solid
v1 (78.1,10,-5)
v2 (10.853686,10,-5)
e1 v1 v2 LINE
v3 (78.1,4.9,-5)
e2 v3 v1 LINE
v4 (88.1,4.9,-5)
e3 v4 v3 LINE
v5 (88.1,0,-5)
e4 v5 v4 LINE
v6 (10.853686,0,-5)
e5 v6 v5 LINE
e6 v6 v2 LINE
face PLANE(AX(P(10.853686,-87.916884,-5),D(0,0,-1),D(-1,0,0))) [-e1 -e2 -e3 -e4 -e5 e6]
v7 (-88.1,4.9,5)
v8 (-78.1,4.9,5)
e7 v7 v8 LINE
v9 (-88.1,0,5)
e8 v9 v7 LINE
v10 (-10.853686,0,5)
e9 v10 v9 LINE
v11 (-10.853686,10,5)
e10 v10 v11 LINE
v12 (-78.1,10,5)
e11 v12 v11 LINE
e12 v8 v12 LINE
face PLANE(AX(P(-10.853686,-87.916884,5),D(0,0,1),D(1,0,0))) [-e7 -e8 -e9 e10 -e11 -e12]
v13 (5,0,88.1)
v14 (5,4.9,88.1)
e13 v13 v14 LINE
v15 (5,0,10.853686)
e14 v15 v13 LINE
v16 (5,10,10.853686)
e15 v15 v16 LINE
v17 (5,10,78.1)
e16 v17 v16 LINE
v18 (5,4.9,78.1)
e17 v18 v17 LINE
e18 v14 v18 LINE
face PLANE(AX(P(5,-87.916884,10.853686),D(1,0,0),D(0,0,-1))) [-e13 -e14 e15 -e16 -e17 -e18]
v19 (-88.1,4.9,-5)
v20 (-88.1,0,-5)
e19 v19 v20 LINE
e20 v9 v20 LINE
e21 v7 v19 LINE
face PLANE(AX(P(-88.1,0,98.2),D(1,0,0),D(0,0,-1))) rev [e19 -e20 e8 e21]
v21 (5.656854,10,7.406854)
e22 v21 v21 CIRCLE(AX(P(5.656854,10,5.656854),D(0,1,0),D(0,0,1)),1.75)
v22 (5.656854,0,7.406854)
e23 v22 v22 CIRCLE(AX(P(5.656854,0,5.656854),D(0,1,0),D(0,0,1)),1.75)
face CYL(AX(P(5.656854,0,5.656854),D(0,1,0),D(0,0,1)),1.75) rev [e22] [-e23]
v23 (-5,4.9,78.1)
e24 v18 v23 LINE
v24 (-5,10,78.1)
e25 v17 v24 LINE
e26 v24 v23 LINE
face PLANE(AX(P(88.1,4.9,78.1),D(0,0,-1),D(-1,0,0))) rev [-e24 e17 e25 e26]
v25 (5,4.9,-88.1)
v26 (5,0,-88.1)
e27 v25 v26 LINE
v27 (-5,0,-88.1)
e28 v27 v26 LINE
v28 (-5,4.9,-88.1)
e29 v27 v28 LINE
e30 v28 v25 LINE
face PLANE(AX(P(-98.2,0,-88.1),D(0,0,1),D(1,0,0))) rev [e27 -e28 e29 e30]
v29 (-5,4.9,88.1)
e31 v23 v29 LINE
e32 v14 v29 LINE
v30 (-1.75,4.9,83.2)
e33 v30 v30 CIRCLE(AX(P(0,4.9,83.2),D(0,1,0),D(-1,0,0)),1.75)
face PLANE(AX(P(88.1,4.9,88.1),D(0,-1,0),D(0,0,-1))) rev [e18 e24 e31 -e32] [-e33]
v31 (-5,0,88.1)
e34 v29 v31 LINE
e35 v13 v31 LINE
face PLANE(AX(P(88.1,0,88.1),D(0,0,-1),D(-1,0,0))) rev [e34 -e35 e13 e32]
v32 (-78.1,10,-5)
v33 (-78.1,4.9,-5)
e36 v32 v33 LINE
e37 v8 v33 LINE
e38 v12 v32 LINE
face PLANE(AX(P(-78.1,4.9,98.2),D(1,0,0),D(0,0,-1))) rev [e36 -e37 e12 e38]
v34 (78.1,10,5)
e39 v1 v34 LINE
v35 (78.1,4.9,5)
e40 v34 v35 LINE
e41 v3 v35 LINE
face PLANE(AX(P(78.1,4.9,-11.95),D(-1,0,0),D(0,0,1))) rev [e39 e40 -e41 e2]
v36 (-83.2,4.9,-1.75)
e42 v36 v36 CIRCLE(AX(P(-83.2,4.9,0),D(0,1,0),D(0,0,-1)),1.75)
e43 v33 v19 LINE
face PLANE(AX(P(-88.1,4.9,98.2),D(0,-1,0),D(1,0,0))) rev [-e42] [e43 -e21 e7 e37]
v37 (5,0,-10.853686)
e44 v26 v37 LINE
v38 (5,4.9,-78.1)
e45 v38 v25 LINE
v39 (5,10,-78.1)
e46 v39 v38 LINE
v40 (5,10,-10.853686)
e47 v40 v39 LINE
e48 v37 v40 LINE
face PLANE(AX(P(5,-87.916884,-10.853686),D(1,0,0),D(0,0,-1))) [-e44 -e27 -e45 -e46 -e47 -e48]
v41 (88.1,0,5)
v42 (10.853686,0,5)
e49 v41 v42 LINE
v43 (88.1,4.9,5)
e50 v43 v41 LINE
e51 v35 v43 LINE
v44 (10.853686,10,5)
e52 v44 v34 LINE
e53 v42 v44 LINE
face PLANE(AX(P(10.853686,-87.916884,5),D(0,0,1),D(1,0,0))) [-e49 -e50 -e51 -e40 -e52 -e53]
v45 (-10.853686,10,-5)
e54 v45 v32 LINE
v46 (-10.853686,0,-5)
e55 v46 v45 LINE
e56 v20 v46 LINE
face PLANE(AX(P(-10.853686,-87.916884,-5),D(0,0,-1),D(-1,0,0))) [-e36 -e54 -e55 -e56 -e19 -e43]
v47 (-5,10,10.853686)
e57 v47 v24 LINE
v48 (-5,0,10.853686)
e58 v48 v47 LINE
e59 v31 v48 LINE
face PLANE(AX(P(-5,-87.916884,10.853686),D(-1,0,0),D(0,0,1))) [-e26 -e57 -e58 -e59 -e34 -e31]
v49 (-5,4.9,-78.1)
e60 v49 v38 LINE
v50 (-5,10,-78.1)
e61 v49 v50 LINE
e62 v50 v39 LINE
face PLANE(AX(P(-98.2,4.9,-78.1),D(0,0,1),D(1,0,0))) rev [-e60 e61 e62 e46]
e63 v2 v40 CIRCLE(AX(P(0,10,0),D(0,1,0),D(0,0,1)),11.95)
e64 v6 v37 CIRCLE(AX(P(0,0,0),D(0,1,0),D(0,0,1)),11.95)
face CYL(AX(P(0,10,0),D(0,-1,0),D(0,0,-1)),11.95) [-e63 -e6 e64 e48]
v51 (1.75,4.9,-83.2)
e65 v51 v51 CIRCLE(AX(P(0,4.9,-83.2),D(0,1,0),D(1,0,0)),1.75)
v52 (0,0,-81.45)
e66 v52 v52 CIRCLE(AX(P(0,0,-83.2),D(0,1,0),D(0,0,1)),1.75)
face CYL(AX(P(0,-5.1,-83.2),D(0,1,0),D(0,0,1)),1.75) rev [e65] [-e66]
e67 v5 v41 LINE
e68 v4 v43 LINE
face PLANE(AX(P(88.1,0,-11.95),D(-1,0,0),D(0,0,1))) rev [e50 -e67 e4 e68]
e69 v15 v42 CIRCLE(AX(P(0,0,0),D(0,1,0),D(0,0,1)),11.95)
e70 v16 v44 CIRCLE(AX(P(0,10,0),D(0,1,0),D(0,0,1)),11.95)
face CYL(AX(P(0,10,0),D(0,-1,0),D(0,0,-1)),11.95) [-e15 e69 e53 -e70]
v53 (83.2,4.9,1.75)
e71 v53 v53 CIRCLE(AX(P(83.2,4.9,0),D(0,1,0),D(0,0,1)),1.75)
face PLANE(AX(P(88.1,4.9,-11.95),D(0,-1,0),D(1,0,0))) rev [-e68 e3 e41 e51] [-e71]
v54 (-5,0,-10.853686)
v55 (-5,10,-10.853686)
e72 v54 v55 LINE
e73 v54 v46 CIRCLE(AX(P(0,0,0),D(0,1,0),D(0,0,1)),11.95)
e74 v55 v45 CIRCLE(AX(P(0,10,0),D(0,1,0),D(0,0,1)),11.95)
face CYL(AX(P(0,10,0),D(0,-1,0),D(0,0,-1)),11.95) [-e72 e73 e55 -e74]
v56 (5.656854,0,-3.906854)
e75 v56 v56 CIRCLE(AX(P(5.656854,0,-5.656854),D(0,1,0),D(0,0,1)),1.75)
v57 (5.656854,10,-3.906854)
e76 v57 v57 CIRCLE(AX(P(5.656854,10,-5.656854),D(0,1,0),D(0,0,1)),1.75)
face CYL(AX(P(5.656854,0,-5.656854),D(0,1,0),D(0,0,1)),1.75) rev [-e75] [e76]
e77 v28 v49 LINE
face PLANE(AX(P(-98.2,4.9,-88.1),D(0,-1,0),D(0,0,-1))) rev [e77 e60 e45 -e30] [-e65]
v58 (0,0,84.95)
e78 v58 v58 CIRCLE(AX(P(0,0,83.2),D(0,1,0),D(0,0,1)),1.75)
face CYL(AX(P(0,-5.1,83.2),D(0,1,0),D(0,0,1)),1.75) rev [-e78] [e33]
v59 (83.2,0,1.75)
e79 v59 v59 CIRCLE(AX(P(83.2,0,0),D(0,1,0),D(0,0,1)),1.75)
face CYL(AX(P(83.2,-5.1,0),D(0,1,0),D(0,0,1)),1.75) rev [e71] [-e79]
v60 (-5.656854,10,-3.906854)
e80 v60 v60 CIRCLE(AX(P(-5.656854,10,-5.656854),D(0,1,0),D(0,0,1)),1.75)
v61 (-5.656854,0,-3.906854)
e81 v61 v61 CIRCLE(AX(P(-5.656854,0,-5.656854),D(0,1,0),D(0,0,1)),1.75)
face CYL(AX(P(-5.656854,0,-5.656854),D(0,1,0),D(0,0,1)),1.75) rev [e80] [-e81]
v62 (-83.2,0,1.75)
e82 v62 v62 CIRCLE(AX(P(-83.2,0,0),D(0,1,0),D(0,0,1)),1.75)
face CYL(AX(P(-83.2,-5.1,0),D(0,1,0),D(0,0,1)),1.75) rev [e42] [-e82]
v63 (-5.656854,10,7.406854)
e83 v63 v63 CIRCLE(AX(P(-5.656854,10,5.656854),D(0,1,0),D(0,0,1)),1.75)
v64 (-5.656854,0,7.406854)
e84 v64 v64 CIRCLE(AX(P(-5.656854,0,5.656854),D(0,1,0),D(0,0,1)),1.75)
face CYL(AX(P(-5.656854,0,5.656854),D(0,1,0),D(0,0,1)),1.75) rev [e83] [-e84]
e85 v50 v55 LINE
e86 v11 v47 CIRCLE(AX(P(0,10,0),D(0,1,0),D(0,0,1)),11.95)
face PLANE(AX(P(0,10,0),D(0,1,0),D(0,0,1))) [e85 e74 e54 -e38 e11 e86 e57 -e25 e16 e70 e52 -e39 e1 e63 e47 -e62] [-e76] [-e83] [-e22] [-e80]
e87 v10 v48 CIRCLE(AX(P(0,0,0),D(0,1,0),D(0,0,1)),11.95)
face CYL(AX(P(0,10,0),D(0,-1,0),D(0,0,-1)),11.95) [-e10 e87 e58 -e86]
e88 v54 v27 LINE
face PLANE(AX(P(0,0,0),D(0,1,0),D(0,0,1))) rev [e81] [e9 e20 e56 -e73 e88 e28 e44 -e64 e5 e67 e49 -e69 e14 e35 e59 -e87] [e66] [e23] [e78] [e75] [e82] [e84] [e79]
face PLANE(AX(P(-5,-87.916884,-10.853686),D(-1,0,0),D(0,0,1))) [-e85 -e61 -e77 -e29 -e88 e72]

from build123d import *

# Parameters (mm, degrees)
SKETCH1_R           = 11.95
BOSS_EXTRUDE1_DEPTH = 10
BOSS_EXTRUDE2_DEPTH = 10
CUT_EXTRUDE2_DEPTH  = 17.95
SKETCH6_R           = 1.75
CUT_EXTRUDE4_DEPTH  = 10
CIRPATTERN2_COUNT   = 4
SKETCH5_R           = 1.75
CUT_EXTRUDE3_DEPTH  = 11


with BuildPart() as part:
    # Sketch1 → Boss-Extrude1 (new body)
    with BuildSketch(Plane(origin=(0, 0, 0), x_dir=(1, 0, 0), z_dir=(0, 1, 0))):
        Circle(SKETCH1_R)
    extrude(amount=BOSS_EXTRUDE1_DEPTH)

    # Sketch2 → Boss-Extrude2 (add)
    with BuildSketch(Plane(origin=(0, 10, 0), x_dir=(1, 0, 0), z_dir=(0, 1, 0))):
        with BuildLine():
            Line((10.85368601, -5), (98.2, -5))
            Line((98.2, -5), (98.2, 5))
            Line((98.2, 5), (10.85368601, 5))
            ThreePointArc((10.85368601, 5), (11.95, 0), (10.85368601, -5))
        make_face()
    boss_extrude2 = extrude(amount=-BOSS_EXTRUDE2_DEPTH)

    # Sketch4 → Cut-Extrude2 (cut, through all)
    with BuildSketch(Plane.XY.offset(5)):
        Polygon((88.1, 0), (88.1, 4.9), (78.1, 4.9), (78.1, 10), (98.2, 10), (98.2, 0), align=None)
    cut_extrude2 = extrude(amount=-CUT_EXTRUDE2_DEPTH, mode=Mode.SUBTRACT)

    # Sketch6 → Cut-Extrude4 (cut)
    with BuildSketch(Plane(origin=(0, 4.9, 0), x_dir=(1, 0, 0), z_dir=(0, 1, 0))):
        with Locations((83.2, 0)):
            Circle(SKETCH6_R)
    cut_extrude4 = extrude(amount=-CUT_EXTRUDE4_DEPTH, mode=Mode.SUBTRACT)

    # CirPattern2: Boss-Extrude2, Cut-Extrude2, Cut-Extrude4 ×4 about axis
    cirpattern2_axis = Axis((0, 0, 0), (0, 1, 0))
    for i in range(1, CIRPATTERN2_COUNT):
        add(boss_extrude2.rotate(cirpattern2_axis, i * 360 / CIRPATTERN2_COUNT))
        add(cut_extrude2.rotate(cirpattern2_axis, i * 360 / CIRPATTERN2_COUNT), mode=Mode.SUBTRACT)
        add(cut_extrude4.rotate(cirpattern2_axis, i * 360 / CIRPATTERN2_COUNT), mode=Mode.SUBTRACT)

    # Sketch5 → Cut-Extrude3 (cut, through all)
    with BuildSketch(Plane(origin=(0, 10, 0), x_dir=(1, 0, 0), z_dir=(0, 1, 0))):
        with Locations((5.656854249, 5.656854249)):
            Circle(SKETCH5_R)
        with Locations((5.656854249, -5.656854249)):
            Circle(SKETCH5_R)
        with Locations((-5.656854249, -5.656854249)):
            Circle(SKETCH5_R)
        with Locations((-5.656854249, 5.656854249)):
            Circle(SKETCH5_R)
    extrude(amount=-CUT_EXTRUDE3_DEPTH, mode=Mode.SUBTRACT)


solid = part.part
